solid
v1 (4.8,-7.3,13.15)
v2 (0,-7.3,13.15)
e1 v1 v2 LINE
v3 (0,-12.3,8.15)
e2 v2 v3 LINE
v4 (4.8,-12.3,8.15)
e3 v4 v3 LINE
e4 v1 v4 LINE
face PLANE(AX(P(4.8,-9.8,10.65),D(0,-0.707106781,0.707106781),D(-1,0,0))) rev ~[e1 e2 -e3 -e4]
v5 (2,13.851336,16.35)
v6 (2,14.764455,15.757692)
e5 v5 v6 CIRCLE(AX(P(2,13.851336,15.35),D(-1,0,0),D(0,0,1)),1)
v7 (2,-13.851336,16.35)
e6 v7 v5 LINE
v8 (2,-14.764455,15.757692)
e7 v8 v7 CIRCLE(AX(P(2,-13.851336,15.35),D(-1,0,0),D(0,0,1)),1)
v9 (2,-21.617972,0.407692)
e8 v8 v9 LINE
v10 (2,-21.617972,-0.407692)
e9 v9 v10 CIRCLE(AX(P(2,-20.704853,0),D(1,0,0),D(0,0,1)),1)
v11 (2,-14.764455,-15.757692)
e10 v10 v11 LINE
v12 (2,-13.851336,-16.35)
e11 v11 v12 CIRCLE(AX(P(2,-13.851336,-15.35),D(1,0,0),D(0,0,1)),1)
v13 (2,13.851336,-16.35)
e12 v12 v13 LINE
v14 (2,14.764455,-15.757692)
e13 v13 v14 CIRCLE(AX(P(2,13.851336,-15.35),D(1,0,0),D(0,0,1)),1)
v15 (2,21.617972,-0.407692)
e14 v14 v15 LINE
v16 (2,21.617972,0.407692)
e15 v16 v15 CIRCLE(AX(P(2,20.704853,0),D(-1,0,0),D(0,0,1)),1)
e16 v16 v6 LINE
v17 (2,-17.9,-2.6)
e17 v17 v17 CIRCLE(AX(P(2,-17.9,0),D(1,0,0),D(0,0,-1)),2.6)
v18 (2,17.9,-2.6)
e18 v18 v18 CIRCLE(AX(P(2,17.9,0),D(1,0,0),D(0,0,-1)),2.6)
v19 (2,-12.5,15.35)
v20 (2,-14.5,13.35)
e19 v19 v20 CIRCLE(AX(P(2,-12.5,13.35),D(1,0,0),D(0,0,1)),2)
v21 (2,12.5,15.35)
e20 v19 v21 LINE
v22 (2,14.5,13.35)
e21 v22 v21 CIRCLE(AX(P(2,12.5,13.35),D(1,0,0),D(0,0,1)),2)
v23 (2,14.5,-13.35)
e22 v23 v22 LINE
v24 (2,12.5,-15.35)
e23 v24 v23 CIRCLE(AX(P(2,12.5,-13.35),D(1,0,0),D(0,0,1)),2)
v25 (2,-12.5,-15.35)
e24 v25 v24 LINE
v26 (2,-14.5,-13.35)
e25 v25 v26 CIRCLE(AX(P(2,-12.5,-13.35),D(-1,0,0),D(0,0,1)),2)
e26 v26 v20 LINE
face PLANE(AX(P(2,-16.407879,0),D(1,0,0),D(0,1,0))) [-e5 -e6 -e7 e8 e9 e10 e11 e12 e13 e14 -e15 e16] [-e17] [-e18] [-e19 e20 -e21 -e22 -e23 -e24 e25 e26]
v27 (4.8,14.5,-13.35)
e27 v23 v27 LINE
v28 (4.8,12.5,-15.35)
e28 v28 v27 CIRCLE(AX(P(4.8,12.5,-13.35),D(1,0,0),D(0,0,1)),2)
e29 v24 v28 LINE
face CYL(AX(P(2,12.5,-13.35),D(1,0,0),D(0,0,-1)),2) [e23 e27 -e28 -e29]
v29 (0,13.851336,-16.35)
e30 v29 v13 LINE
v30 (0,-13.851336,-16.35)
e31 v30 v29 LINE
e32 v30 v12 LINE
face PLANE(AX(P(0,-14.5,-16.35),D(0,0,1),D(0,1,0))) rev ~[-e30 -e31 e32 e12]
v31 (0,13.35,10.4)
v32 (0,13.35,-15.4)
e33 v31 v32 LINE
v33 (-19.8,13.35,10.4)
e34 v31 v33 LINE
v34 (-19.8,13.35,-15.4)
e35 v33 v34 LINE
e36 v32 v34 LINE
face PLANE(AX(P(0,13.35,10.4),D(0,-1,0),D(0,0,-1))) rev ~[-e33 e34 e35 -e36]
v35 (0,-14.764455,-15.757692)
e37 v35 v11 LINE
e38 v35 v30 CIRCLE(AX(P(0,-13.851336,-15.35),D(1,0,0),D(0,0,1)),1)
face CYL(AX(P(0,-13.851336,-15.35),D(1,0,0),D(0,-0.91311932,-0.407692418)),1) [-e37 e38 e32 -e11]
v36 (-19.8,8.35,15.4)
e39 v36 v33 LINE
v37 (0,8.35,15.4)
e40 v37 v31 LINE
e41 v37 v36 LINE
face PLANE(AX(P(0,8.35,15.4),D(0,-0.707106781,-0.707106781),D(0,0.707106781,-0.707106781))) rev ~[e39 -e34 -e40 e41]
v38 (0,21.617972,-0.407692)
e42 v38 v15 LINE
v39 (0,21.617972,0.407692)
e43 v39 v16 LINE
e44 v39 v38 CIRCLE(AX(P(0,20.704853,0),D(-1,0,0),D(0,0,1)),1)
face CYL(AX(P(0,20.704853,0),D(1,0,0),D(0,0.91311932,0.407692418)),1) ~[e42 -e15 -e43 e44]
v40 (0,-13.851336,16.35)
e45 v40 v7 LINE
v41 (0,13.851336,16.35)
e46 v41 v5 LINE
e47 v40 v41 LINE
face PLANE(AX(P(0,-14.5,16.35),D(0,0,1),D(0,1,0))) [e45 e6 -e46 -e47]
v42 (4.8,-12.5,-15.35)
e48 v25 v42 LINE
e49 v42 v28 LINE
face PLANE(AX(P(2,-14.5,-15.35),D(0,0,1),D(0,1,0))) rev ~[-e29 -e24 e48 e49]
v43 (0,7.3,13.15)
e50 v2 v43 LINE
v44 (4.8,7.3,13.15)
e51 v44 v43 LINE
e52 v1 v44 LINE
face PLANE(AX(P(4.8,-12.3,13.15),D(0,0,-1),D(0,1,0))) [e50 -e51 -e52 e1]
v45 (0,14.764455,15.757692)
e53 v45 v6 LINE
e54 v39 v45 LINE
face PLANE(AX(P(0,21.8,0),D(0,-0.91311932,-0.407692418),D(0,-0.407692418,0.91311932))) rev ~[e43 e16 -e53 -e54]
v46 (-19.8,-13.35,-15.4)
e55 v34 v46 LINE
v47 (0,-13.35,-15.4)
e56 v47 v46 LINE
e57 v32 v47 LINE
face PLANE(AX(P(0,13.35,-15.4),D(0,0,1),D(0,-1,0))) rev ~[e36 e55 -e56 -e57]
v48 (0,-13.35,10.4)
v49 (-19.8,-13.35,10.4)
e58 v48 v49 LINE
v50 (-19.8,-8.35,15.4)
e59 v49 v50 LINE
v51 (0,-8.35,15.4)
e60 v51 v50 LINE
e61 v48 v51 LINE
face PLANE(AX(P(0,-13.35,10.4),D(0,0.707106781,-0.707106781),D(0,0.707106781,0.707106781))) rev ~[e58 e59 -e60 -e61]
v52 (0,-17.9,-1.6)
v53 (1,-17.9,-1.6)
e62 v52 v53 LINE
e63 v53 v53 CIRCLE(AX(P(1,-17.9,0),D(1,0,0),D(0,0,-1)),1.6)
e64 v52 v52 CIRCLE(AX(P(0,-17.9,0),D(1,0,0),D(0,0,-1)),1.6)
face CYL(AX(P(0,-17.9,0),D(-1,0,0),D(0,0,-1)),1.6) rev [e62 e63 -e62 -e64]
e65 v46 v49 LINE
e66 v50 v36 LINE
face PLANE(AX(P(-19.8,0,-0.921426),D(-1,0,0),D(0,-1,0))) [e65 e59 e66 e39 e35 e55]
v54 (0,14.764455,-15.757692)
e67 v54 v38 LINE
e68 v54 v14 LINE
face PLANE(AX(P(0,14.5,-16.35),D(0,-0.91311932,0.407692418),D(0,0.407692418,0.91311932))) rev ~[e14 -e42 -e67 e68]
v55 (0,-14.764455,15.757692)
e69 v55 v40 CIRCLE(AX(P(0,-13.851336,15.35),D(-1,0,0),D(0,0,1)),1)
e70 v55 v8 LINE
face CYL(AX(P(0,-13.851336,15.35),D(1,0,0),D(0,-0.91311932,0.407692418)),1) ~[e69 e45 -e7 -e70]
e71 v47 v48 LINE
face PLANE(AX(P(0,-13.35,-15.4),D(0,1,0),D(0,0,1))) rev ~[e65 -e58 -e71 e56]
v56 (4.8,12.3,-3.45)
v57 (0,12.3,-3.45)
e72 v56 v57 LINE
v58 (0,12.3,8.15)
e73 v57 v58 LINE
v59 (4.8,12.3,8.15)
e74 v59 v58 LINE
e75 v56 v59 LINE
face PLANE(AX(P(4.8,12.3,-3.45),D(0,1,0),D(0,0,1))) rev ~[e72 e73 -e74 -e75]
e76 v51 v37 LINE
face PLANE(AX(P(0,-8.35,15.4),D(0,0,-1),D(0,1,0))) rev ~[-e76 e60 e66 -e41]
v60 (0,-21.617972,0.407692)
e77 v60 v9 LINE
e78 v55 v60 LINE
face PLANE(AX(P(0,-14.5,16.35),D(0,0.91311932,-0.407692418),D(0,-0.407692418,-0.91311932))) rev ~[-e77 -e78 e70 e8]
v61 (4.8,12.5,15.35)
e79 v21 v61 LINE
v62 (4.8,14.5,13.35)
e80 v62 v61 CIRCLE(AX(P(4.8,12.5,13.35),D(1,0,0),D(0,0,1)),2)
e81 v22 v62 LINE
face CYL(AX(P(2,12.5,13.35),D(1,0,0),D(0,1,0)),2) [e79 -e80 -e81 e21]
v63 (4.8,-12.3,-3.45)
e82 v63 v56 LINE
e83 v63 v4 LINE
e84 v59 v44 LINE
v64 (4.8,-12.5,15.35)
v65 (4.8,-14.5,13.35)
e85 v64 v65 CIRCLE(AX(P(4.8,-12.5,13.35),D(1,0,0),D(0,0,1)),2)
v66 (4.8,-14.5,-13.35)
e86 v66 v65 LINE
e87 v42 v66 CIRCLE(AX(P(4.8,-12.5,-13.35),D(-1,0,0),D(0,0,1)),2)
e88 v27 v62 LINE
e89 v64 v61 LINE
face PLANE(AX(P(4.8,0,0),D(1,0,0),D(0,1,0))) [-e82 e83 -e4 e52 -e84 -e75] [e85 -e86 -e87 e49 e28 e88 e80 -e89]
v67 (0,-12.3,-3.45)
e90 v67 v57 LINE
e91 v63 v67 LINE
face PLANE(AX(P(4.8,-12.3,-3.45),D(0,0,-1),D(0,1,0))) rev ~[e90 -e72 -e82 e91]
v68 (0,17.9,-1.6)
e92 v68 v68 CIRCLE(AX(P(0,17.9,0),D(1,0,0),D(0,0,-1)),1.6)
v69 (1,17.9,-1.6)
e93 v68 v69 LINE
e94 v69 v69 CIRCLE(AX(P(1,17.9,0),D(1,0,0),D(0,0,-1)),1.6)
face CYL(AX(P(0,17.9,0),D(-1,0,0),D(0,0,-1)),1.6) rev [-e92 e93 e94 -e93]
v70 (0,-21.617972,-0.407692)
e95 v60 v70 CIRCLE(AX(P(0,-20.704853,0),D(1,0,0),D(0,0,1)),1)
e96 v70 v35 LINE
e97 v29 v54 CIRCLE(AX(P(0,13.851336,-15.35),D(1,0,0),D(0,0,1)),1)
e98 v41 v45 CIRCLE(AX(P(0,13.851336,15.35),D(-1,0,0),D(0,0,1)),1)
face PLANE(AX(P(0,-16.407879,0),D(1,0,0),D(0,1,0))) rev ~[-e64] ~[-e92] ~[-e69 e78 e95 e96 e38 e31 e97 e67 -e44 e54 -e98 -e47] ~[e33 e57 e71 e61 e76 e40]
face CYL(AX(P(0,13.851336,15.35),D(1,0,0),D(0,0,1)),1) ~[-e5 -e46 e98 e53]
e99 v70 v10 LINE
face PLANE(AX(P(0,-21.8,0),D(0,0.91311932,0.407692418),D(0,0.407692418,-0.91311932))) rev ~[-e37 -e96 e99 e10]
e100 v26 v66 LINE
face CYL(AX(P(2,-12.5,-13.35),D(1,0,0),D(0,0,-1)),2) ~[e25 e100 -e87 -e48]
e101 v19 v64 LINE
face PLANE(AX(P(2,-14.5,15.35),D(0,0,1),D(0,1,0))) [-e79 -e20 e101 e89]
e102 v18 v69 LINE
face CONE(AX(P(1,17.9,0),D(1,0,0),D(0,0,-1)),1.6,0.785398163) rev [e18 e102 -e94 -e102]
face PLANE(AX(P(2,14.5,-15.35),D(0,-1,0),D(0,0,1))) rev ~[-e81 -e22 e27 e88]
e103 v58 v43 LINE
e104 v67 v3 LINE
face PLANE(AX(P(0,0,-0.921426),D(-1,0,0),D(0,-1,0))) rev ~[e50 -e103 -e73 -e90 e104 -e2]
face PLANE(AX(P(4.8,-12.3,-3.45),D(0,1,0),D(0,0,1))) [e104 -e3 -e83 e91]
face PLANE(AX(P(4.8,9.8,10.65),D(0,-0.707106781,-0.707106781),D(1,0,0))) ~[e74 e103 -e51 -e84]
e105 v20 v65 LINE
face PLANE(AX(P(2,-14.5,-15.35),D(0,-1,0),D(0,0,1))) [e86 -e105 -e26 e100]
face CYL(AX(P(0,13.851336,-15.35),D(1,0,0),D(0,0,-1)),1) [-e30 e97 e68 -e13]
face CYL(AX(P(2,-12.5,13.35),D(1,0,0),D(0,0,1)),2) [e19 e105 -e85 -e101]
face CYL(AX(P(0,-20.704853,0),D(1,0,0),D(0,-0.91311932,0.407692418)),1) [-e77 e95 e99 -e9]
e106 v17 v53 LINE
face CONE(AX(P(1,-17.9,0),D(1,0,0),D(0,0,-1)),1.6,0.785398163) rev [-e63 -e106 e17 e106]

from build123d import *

# Parameters (mm, degrees)
SKETCH1_R           = 1.6
SKETCH1_W           = 29
SKETCH1_H           = 32.7
BOSS_EXTRUDE1_DEPTH = 2
SKETCH2_W           = 29
SKETCH2_H           = 30.7
BOSS_EXTRUDE2_DEPTH = 2.8
SKETCH3_W           = 24.6
SKETCH3_H           = 16.6
CUT_EXTRUDE1_DEPTH  = 28.669522945
CHAMFER1_SIZE       = 1
CHAMFER2_SIZE       = 5
BOSS_EXTRUDE3_DEPTH = 19.8
FILLET1_R           = 1
FILLET2_R           = 2


with BuildPart() as part:
    # Sketch1 → Boss-Extrude1 (new body)
    # profile 1 of 3: a face of its own
    with BuildSketch(Plane.YZ):
        Polygon((14.5, -16.35), (21.8, 0), (14.5, 16.35), align=None)
        with Locations(Location((17.9, 0, 0), (0, 0, 270))):
            Circle(SKETCH1_R, mode=Mode.SUBTRACT)
    # profile 2 of 3: a face of its own
    with BuildSketch(Plane.YZ):
        Rectangle(SKETCH1_W, SKETCH1_H)
    # profile 3 of 3: a face of its own
    with BuildSketch(Plane.YZ):
        Polygon((-14.5, 16.35), (-21.8, 0), (-14.5, -16.35), align=None)
        with Locations(Location((-17.9, 0, 0), (0, 0, 270))):
            Circle(SKETCH1_R, mode=Mode.SUBTRACT)
    extrude(amount=BOSS_EXTRUDE1_DEPTH)

    # Sketch2 → Boss-Extrude2 (add)
    with BuildSketch(Plane.YZ.offset(2)):
        Rectangle(SKETCH2_W, SKETCH2_H)
    extrude(amount=BOSS_EXTRUDE2_DEPTH)

    # Sketch3 → Cut-Extrude1 (cut, through all)
    with BuildSketch(Plane.YZ.offset(4.8)):
        with Locations((0, 4.85)):
            Rectangle(SKETCH3_W, SKETCH3_H)
    extrude(amount=-CUT_EXTRUDE1_DEPTH, mode=Mode.SUBTRACT)

    # Chamfer1
    chamfer1_edges = [part.edges().sort_by_distance(p)[0] for p in [
        (2, -17.9, 1.6),
        (2, 17.9, 1.6),
    ]]
    chamfer(chamfer1_edges, length=CHAMFER1_SIZE)

    # Chamfer2
    chamfer2_edges = [part.edges().sort_by_distance(p)[0] for p in [
        (2.4, 12.3, 13.15),
        (2.4, -12.3, 13.15),
    ]]
    chamfer(chamfer2_edges, length=CHAMFER2_SIZE)

    # Sketch4 → Boss-Extrude3 (add)
    with BuildSketch(Plane(origin=(0, 0, 0), x_dir=(0, -1, 0), z_dir=(-1, 0, 0))):
        Polygon((-13.35, 10.4), (-13.35, -15.4), (13.35, -15.4), (13.35, 10.4), (8.35, 15.4), (-8.35, 15.4), align=None)
    extrude(amount=BOSS_EXTRUDE3_DEPTH)

    # Fillet1
    fillet1_edges = [part.edges().sort_by_distance(p)[0] for p in [
        (1, 14.5, -16.35),
        (1, -14.5, -16.35),
        (1, -21.8, 0),
        (1, -14.5, 16.35),
        (1, 14.5, 16.35),
        (1, 21.8, 0),
    ]]
    fillet(fillet1_edges, radius=FILLET1_R)

    # Fillet2
    fillet2_edges = [part.edges().sort_by_distance(p)[0] for p in [
        (3.4, -14.5, 15.35),
        (3.4, -14.5, -15.35),
        (3.4, 14.5, -15.35),
        (3.4, 14.5, 15.35),
    ]]
    fillet(fillet2_edges, radius=FILLET2_R)


solid = part.part
